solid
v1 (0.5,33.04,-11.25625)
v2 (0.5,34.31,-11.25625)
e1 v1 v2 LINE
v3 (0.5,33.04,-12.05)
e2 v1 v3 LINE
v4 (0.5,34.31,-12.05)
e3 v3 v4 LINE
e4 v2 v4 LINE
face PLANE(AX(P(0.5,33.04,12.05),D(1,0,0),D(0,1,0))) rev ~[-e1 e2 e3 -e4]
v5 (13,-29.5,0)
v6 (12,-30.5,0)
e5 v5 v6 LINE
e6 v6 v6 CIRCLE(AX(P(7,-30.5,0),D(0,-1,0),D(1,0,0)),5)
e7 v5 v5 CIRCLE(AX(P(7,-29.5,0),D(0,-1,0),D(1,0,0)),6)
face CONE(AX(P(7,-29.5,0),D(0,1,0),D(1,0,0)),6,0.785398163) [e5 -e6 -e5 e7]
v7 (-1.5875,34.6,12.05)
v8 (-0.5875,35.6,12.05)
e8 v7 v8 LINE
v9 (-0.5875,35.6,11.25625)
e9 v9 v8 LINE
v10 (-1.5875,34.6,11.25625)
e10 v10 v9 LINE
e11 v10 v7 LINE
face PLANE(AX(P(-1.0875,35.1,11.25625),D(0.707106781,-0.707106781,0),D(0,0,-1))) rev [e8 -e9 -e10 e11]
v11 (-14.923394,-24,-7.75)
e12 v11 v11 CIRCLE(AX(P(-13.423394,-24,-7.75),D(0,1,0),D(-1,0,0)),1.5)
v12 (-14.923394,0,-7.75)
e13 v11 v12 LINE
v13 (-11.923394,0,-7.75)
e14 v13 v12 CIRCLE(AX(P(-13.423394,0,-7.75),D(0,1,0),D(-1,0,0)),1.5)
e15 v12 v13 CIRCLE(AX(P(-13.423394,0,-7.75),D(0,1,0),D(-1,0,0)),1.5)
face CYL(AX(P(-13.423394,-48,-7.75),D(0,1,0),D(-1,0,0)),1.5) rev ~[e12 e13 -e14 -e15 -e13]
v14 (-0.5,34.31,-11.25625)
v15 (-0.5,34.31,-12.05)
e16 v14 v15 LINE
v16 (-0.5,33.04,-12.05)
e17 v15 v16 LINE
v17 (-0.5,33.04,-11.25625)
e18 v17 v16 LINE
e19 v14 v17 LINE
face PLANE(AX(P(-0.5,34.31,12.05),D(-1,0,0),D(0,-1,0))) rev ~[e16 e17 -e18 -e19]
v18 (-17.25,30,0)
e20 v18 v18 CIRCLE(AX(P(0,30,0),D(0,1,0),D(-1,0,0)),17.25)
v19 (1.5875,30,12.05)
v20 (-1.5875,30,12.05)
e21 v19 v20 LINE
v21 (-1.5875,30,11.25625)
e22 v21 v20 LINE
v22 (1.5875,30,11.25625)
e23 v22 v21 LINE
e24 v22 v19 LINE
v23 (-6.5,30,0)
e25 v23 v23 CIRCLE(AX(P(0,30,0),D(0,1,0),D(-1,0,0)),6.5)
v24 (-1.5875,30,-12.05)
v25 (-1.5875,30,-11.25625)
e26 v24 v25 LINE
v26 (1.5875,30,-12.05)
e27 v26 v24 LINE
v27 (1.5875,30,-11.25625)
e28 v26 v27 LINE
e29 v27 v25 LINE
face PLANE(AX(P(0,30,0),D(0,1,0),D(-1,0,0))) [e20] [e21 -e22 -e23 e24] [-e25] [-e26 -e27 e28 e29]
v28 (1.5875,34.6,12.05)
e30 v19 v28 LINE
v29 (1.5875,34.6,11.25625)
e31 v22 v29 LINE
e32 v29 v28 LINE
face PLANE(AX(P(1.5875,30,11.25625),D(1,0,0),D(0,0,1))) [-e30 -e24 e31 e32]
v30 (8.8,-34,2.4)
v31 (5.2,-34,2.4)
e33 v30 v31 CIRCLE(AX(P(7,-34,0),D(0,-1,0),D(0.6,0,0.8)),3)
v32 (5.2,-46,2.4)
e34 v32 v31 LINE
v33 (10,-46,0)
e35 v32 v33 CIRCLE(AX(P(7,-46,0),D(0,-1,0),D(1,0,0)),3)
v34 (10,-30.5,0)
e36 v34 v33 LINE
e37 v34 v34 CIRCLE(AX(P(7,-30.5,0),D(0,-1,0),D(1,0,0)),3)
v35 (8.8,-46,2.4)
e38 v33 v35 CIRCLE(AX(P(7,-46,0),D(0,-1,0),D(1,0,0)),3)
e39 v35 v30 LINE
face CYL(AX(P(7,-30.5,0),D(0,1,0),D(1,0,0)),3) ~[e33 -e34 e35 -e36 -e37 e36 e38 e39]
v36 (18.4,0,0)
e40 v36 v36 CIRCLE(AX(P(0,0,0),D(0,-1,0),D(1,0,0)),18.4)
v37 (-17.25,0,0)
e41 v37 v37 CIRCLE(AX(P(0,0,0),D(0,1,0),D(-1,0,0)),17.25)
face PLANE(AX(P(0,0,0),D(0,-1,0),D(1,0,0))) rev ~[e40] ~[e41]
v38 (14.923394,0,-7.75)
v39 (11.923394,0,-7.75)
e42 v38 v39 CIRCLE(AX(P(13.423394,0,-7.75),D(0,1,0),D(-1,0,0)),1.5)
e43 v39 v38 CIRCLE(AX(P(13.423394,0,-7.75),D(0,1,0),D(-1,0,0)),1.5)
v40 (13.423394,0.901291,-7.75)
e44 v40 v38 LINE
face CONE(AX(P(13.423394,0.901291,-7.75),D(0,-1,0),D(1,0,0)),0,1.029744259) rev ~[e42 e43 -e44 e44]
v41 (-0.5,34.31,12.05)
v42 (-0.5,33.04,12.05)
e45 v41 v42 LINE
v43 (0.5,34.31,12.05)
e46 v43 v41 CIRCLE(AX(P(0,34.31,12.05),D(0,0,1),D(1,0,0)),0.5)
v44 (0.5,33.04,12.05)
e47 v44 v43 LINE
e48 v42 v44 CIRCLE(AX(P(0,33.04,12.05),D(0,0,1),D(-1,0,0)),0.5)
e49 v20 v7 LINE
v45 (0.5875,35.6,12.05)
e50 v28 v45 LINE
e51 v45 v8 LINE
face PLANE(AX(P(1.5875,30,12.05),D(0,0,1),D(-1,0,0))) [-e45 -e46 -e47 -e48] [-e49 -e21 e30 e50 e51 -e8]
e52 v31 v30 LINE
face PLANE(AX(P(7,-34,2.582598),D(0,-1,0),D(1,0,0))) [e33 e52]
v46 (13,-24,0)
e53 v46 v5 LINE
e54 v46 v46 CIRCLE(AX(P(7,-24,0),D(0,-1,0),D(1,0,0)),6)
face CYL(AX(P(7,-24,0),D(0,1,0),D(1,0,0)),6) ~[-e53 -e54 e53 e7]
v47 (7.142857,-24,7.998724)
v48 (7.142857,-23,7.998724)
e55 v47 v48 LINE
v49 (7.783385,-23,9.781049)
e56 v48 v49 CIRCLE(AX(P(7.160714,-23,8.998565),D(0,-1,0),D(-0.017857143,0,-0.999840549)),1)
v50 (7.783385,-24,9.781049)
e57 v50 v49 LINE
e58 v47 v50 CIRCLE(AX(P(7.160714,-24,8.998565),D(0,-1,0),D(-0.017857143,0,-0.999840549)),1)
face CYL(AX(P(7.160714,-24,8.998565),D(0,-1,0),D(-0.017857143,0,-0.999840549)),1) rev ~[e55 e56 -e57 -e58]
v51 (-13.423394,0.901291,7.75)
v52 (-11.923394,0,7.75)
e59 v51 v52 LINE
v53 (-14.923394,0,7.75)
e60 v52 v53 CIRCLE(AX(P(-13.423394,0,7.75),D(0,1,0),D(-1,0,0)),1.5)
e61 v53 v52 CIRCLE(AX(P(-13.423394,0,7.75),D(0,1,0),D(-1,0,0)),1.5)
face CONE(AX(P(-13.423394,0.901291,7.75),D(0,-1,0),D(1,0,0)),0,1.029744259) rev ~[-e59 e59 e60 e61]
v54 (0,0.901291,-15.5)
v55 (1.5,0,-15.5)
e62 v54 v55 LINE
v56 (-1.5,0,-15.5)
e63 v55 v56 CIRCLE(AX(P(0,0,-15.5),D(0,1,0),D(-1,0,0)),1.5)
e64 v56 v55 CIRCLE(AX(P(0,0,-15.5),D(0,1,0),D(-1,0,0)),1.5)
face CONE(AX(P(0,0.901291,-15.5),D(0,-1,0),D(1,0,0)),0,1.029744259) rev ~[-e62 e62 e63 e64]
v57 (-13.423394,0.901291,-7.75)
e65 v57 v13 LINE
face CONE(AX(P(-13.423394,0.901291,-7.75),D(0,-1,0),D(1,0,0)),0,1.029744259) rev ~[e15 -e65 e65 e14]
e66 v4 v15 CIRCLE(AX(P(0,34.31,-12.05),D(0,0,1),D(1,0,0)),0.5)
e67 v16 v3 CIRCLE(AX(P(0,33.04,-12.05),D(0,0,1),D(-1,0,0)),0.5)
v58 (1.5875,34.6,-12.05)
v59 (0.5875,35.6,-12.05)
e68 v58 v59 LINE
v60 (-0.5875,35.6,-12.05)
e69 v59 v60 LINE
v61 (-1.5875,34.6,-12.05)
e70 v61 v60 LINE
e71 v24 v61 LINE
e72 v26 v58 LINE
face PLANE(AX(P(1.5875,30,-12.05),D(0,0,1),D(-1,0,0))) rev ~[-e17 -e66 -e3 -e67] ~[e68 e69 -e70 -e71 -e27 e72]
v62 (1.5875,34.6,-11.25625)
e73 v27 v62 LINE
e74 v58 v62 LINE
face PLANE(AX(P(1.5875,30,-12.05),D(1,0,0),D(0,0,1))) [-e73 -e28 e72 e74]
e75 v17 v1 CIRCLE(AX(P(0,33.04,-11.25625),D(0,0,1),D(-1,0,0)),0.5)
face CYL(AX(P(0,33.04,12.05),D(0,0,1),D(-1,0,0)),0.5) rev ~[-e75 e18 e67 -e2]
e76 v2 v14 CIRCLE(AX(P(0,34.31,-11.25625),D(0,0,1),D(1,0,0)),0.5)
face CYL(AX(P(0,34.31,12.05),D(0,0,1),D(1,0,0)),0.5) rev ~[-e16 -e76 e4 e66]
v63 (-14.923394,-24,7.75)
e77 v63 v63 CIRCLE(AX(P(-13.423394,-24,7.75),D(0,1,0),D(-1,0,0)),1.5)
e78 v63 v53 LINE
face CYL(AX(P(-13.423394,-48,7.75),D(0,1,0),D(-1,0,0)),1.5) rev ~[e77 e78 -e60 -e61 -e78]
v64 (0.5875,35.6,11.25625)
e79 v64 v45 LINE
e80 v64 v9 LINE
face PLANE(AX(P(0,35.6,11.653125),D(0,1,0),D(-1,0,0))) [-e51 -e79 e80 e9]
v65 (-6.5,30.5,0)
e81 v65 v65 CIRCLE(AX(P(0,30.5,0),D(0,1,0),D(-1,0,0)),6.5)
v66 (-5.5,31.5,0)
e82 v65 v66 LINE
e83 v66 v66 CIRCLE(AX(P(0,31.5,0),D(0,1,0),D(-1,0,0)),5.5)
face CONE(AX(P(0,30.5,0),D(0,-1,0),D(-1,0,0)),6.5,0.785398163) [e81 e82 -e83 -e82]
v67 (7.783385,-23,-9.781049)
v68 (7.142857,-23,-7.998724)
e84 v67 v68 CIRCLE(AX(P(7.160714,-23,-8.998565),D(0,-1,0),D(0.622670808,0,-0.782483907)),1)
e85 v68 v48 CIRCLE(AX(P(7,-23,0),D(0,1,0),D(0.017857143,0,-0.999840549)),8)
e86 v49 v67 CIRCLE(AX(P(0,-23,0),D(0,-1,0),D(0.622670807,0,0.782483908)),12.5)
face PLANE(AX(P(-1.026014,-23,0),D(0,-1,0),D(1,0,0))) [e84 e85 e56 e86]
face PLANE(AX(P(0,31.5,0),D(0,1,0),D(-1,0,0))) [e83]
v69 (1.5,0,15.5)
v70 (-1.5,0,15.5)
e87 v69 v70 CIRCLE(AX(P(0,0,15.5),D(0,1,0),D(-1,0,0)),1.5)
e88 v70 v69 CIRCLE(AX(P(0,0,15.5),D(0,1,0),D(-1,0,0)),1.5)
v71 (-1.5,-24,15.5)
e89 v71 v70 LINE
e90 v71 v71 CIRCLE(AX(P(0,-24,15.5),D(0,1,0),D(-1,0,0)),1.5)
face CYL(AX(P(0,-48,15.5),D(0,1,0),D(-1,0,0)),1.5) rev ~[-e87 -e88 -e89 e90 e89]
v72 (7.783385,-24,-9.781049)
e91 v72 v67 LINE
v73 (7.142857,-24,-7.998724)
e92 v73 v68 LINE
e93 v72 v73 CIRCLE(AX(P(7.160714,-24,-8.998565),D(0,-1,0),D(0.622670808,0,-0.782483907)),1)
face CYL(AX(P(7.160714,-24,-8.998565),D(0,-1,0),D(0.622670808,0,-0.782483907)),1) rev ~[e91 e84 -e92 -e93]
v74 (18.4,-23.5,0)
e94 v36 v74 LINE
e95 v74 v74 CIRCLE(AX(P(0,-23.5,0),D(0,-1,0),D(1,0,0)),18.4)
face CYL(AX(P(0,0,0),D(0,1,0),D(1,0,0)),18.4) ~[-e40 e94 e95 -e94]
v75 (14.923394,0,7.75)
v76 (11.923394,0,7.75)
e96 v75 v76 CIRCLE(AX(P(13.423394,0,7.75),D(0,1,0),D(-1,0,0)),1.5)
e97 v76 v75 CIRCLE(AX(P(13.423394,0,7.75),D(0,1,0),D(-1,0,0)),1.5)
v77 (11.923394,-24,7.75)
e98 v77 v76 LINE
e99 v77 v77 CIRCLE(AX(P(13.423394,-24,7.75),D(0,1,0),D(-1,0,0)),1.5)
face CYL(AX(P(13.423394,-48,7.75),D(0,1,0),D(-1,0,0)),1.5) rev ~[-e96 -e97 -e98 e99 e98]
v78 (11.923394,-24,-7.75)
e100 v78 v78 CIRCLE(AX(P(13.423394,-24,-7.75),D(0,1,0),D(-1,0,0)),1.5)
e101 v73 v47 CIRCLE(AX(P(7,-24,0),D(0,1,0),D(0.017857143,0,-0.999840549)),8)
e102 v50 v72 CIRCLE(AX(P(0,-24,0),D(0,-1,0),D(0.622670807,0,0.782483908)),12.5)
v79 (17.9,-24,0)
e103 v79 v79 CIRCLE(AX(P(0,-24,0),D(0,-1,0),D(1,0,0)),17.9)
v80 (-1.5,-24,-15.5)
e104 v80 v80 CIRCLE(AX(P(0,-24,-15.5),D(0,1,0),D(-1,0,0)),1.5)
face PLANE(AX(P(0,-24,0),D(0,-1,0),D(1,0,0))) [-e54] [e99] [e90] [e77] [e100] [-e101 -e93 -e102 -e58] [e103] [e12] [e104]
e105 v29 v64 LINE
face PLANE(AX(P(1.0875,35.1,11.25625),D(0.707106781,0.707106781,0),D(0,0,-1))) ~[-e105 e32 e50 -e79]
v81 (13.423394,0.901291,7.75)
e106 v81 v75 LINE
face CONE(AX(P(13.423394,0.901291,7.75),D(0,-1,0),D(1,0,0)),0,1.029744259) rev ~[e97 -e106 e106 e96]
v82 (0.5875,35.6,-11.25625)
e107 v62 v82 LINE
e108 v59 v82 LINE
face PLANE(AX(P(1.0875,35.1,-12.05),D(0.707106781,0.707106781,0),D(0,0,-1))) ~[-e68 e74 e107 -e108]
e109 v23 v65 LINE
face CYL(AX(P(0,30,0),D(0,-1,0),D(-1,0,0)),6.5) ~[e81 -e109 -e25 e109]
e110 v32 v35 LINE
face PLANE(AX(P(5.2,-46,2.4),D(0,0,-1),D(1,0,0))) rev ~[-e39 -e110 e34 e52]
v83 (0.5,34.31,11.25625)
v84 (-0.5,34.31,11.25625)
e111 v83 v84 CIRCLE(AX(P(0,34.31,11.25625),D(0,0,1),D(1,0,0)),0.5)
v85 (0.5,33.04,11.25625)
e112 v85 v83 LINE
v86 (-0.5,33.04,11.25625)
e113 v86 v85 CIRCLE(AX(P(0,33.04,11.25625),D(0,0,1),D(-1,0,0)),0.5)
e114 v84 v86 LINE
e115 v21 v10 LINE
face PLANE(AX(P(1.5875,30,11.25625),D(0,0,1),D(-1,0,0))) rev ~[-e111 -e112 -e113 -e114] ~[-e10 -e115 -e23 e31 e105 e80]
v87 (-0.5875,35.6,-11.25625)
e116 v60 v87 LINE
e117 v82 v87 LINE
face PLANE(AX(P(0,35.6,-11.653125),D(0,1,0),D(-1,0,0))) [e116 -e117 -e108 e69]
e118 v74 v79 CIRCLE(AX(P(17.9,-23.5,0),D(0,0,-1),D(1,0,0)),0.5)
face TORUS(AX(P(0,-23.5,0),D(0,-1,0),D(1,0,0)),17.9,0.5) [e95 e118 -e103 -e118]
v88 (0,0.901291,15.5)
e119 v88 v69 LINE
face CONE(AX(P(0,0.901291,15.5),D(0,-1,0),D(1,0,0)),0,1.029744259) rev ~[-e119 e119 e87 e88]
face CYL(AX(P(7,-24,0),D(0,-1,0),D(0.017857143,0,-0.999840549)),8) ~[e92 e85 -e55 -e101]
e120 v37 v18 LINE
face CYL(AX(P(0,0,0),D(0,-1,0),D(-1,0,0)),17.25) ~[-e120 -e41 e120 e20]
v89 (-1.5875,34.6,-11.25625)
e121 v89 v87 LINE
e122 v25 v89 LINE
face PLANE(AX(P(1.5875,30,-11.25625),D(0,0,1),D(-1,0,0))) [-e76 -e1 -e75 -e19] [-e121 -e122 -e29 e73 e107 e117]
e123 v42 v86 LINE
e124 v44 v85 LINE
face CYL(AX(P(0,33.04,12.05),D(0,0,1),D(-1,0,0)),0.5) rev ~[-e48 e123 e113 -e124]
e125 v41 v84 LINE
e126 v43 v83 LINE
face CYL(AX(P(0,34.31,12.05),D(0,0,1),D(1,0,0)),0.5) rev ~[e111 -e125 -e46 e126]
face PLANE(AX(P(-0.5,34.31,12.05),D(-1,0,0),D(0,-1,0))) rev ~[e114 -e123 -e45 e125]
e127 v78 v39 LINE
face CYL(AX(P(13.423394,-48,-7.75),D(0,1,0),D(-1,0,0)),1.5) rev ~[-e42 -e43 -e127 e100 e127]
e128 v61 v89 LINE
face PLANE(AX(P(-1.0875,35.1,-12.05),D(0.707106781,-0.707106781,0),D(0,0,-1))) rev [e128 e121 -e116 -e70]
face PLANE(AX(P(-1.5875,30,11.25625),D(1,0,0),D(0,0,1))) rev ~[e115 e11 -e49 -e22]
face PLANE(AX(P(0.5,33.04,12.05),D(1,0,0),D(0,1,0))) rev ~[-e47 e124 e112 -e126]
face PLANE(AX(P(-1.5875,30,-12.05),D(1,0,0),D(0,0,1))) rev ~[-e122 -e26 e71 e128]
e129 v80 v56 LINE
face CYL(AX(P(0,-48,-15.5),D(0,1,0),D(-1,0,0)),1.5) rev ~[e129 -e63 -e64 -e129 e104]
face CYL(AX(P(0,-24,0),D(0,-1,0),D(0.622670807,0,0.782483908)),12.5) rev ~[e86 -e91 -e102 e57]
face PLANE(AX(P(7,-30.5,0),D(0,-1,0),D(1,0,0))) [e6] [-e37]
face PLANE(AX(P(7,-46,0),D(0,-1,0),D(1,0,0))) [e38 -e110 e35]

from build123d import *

# Parameters (mm, degrees)
F0_R      = 18.4
F1_DEPTH  = 24
F2_R      = 17.25
F3_DEPTH  = 30
F4_R      = 6
F5_DEPTH  = 6.5
F6_R      = 3
F7_DEPTH  = 15.5
F8_SIZE   = 1
F10_DEPTH = 12
F12_D     = 3
F12_DEPTH = 24
F12_TIP   = 0.9012909285
F14_DEPTH = 1
F15_R     = 6.5
F16_DEPTH = 1.5
F17_SIZE  = 1
F18_W     = 3.175
F18_H     = 0.79375
F19_DEPTH = 5.6
F20_SIZE  = 1
F22_DEPTH = 25.4
F23_R     = 0.5


with BuildPart() as f1:
    # F0 (on Front) → F1 (new body)
    with BuildSketch(Plane.XZ):
        Circle(F0_R)
    extrude(amount=F1_DEPTH)

    # F2 (on face) → F3 (join)
    with BuildSketch(Plane(origin=(0, 0, 0), x_dir=(-1, 0, 0), z_dir=(0, 1, 0))):
        Circle(F2_R)
    extrude(amount=F3_DEPTH)

    # F4 (on face) → F5 (join)
    with BuildSketch(Plane.XZ.offset(24)):
        with Locations((7, 0)):
            Circle(F4_R)
    extrude(amount=F5_DEPTH)

    # F6 (on face) → F7 (join)
    with BuildSketch(Plane.XZ.offset(30.5)):
        with Locations((7, 0)):
            Circle(F6_R)
    extrude(amount=F7_DEPTH)

    # F8
    f8_edges = [f1.edges().sort_by_distance(p)[0] for p in [
        (1, -30.5, 0),
    ]]
    chamfer(f8_edges, length=F8_SIZE)

    # F9 (on face) → F10 (cut)
    with BuildSketch(Plane.XZ.offset(46)):
        with BuildLine():
            ThreePointArc((8.8, 2.4), (7, 3), (5.2, 2.4))
            Line((5.2, 2.4), (8.8, 2.4))
        make_face()
    extrude(amount=-F10_DEPTH, mode=Mode.SUBTRACT)

    # F12
    with Locations(Plane.XZ.offset(24)):
        with Locations((0, 15.5), (-13.4233937587, 7.75), (-13.4233937587, -7.75), (0, -15.5), (13.4233937587, -7.75), (13.4233937587, 7.75)):
            Hole(F12_D / 2, depth=F12_DEPTH)
            with Locations((0, 0, -(F12_DEPTH + F12_TIP / 2))):  # 118° drill point
                Cone(0, F12_D / 2, F12_TIP, mode=Mode.SUBTRACT)

    # F13 (on face) → F14 (cut)
    with BuildSketch(Plane.XZ.offset(24)):
        with BuildLine():
            ThreePointArc((7.1428571429, 7.9987243881), (8.1017881451, 8.6603638261), (7.7833850932, 9.7810488441))
            ThreePointArc((7.7833850932, 9.7810488441), (-12.5, 0), (7.7833850932, -9.7810488441))
            ThreePointArc((7.7833850932, -9.7810488441), (8.1017881451, -8.6603638261), (7.1428571429, -7.9987243881))
            ThreePointArc((7.1428571429, -7.9987243881), (-1, 0), (7.1428571429, 7.9987243881))
        make_face()
    extrude(amount=-F14_DEPTH, mode=Mode.SUBTRACT)

    # F15 (on face) → F16 (join)
    with BuildSketch(Plane(origin=(0, 30, 0), x_dir=(-1, 0, 0), z_dir=(0, 1, 0))):
        Circle(F15_R)
    extrude(amount=F16_DEPTH)

    # F17
    f17_edges = [f1.edges().sort_by_distance(p)[0] for p in [
        (6.5, 31.5, 0),
    ]]
    chamfer(f17_edges, length=F17_SIZE)

    # F18 (on face) → F19 (join)
    with BuildSketch(Plane(origin=(0, 30, 0), x_dir=(-1, 0, 0), z_dir=(0, 1, 0))):
        with Locations((0, 11.653125)):
            Rectangle(F18_W, F18_H)
        with Locations((0, -11.653125)):
            Rectangle(F18_W, F18_H)
    extrude(amount=F19_DEPTH)

    # F20
    f20_edges = [f1.edges().sort_by_distance(p)[0] for p in [
        (-1.5875, 35.6, 11.653125),
        (1.5875, 35.6, 11.653125),
        (1.5875, 35.6, -11.653125),
        (-1.5875, 35.6, -11.653125),
    ]]
    chamfer(f20_edges, length=F20_SIZE)

    # F21 (on face) → F22 (cut)
    with BuildSketch(Plane.XY.offset(12.05)):
        with BuildLine():
            Line((0.5, 33.04), (0.5, 34.31))
            ThreePointArc((0.5, 34.31), (0, 34.81), (-0.5, 34.31))
            Line((-0.5, 34.31), (-0.5, 33.04))
            ThreePointArc((-0.5, 33.04), (0, 32.54), (0.5, 33.04))
        make_face()
    extrude(amount=-F22_DEPTH, mode=Mode.SUBTRACT)

    # F23
    f23_edges = [f1.edges().sort_by_distance(p)[0] for p in [
        (-18.4, -24, 0),
    ]]
    fillet(f23_edges, radius=F23_R)


solid = f1.part
